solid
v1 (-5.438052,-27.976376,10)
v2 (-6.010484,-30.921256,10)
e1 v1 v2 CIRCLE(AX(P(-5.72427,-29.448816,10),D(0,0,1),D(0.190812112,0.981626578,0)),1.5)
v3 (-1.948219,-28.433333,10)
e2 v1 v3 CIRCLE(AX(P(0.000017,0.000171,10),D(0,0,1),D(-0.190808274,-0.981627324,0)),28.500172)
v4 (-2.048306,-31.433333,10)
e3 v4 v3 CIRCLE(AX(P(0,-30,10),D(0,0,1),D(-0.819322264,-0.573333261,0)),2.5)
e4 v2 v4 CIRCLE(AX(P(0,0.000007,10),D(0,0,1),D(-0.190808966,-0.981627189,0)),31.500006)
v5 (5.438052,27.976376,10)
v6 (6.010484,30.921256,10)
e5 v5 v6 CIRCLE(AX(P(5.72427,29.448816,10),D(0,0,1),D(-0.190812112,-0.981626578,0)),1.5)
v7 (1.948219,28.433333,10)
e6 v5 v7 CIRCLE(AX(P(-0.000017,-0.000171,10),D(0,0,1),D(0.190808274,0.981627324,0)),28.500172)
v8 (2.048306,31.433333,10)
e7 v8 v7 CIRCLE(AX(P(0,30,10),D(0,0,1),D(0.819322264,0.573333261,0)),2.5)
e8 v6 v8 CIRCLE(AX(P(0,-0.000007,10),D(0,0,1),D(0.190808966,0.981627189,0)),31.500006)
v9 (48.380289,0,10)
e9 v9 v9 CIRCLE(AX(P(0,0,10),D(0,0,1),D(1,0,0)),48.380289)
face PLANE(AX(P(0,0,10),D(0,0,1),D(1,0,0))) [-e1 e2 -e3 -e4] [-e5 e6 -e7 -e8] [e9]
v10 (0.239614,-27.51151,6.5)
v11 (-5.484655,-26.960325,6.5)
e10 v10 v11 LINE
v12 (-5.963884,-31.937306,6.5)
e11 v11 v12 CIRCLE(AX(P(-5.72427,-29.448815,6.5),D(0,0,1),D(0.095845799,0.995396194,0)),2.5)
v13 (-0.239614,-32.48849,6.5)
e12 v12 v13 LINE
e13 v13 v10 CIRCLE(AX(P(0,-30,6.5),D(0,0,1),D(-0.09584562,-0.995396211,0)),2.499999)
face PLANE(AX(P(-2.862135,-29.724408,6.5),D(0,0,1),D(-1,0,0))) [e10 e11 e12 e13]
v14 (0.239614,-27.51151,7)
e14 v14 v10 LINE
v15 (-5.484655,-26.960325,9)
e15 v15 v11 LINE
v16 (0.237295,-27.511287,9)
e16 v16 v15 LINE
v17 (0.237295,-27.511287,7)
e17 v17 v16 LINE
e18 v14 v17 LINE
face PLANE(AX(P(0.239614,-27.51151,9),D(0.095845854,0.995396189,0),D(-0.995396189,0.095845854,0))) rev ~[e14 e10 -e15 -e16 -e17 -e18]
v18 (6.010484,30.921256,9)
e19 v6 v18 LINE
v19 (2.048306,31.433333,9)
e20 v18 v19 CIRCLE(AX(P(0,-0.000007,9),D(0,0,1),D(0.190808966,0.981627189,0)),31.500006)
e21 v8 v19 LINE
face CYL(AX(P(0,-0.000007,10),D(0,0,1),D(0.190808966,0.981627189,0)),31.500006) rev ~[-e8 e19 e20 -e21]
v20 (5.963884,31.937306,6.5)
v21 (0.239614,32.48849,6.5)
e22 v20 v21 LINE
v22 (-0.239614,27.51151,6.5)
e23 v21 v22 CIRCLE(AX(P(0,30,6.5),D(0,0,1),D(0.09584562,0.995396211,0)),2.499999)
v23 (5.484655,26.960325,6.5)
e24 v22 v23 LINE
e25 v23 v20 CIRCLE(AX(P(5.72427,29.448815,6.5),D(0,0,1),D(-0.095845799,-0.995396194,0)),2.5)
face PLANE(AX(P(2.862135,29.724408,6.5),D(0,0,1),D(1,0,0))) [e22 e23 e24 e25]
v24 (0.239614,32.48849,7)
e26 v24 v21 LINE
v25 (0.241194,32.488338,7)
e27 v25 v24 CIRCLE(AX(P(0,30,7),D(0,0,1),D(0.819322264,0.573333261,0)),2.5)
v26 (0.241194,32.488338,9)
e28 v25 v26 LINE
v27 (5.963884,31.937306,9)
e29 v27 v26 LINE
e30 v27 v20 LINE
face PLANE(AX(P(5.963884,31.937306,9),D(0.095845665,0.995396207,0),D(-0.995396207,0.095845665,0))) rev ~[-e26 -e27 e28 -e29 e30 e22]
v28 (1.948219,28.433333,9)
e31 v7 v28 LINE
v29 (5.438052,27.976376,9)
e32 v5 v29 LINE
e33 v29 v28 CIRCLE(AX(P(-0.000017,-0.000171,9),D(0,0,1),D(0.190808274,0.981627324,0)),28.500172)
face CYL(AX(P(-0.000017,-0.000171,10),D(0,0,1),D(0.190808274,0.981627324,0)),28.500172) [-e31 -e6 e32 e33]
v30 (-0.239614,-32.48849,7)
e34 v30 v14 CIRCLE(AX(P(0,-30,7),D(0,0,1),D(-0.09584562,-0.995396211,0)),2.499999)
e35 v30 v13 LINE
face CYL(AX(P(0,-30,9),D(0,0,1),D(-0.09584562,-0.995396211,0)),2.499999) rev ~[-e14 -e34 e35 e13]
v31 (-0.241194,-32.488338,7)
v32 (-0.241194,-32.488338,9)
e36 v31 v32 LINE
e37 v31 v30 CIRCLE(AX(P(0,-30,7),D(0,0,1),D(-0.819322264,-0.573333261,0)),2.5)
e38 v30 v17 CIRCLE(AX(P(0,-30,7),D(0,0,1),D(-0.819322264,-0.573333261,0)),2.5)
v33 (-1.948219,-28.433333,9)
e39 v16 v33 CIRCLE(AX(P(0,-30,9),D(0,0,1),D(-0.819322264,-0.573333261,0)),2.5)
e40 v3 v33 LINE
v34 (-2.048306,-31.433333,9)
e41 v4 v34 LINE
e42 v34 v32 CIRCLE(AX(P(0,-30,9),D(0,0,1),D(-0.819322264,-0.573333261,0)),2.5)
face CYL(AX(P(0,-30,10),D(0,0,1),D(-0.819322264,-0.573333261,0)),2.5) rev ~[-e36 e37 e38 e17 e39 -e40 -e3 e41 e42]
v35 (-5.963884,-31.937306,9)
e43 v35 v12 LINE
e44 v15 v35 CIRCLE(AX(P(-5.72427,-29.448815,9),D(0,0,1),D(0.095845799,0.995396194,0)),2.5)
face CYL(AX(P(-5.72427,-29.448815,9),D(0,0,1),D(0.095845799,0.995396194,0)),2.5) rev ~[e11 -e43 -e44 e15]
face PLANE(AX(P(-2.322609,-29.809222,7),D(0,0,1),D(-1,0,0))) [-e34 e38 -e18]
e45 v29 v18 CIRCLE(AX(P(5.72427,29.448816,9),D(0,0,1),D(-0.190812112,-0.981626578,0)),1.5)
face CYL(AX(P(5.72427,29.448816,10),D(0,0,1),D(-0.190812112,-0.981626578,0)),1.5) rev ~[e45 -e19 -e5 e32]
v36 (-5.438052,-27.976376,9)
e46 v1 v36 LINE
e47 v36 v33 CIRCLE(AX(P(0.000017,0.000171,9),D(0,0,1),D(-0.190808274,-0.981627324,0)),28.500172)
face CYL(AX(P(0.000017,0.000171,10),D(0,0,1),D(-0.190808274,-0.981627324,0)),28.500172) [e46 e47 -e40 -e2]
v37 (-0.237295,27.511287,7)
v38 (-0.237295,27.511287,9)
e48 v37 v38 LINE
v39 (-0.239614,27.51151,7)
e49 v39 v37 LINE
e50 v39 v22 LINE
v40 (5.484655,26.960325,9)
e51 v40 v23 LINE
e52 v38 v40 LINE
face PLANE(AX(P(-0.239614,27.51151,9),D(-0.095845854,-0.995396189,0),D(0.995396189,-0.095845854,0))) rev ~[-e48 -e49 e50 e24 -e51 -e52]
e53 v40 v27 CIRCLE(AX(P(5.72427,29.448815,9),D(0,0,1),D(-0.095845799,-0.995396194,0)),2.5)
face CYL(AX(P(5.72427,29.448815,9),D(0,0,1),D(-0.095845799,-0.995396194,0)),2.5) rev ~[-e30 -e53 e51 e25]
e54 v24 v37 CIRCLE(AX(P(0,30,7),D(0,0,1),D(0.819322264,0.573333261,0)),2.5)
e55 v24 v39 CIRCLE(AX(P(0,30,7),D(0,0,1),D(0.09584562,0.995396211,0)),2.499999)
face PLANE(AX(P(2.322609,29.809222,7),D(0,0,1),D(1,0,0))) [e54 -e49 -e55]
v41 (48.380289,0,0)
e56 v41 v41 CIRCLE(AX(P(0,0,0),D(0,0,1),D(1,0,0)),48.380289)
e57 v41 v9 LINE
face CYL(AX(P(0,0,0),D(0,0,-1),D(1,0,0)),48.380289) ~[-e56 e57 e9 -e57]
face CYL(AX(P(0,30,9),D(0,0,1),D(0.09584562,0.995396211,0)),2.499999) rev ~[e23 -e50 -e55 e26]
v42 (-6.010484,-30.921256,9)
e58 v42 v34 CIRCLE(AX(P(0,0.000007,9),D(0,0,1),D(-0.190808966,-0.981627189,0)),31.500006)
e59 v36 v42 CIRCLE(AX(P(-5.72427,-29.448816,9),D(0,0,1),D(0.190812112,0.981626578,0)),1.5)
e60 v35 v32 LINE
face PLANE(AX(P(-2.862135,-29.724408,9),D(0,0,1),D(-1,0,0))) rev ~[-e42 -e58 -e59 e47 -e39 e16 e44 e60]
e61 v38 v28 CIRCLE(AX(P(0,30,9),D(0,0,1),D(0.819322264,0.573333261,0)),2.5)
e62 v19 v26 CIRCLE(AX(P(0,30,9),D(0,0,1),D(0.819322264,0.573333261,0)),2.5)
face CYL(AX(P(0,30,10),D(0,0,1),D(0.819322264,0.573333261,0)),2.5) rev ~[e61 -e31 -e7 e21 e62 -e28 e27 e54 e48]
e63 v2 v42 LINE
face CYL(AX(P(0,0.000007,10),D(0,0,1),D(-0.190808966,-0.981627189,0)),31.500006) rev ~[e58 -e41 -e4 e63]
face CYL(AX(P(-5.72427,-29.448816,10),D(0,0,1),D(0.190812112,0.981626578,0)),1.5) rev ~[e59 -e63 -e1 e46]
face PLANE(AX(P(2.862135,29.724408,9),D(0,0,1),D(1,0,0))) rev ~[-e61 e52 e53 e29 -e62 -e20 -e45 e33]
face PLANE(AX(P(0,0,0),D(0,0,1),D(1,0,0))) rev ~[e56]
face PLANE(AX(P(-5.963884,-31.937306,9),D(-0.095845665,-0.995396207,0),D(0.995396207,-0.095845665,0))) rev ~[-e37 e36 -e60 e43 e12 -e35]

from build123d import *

# Parameters (mm, degrees)
SKETCH_R           = 48.380289
PAD_DEPTH          = 10
POCKET_DEPTH       = 3
POCKET001_DEPTH    = 2.5
POLARPATTERN_COUNT = 2


with BuildPart() as part:
    # Sketch → Pad (new body)
    with BuildSketch(Plane.XY):
        Circle(SKETCH_R)
    extrude(amount=PAD_DEPTH)

    # Sketch001 (on Face3 of Pad) → Pocket (cut)
    with BuildSketch(Plane.XY.offset(10)):
        with BuildLine():
            ThreePointArc((2.048306, 31.433333), (-2.49861, 30.083359), (1.948219, 28.433333))
            ThreePointArc((5.438052, 27.976376), (3.700196, 28.258778), (1.948219, 28.433333))
            ThreePointArc((5.438052, 27.976376), (7.19671, 29.162599), (6.010484, 30.921256))
            ThreePointArc((6.010484, 30.921256), (4.037521, 31.240173), (2.048306, 31.433333))
        make_face()
    pocket = extrude(amount=-POCKET_DEPTH, mode=Mode.SUBTRACT)

    # Sketch002 (on Face3 of Pocket) → Pocket001 (cut)
    with BuildSketch(Plane.XY.offset(9)):
        with BuildLine():
            ThreePointArc((0.239614, 32.48849), (-2.48849, 30.239614), (-0.239614, 27.51151))
            Line((-0.239614, 27.51151), (5.484655, 26.960325))
            ThreePointArc((5.484655, 26.960325), (8.21276, 29.209201), (5.963884, 31.937306))
            Line((5.963884, 31.937306), (0.239614, 32.48849))
        make_face()
    pocket001 = extrude(amount=-POCKET001_DEPTH, mode=Mode.SUBTRACT)

    # PolarPattern: Pocket, Pocket001 ×2 about axis
    polarpattern_axis = Axis((0, 0, 10), (0, 0, 1))
    for i in range(1, POLARPATTERN_COUNT):
        add(pocket.rotate(polarpattern_axis, i * 360 / POLARPATTERN_COUNT), mode=Mode.SUBTRACT)
        add(pocket001.rotate(polarpattern_axis, i * 360 / POLARPATTERN_COUNT), mode=Mode.SUBTRACT)


solid = part.part
